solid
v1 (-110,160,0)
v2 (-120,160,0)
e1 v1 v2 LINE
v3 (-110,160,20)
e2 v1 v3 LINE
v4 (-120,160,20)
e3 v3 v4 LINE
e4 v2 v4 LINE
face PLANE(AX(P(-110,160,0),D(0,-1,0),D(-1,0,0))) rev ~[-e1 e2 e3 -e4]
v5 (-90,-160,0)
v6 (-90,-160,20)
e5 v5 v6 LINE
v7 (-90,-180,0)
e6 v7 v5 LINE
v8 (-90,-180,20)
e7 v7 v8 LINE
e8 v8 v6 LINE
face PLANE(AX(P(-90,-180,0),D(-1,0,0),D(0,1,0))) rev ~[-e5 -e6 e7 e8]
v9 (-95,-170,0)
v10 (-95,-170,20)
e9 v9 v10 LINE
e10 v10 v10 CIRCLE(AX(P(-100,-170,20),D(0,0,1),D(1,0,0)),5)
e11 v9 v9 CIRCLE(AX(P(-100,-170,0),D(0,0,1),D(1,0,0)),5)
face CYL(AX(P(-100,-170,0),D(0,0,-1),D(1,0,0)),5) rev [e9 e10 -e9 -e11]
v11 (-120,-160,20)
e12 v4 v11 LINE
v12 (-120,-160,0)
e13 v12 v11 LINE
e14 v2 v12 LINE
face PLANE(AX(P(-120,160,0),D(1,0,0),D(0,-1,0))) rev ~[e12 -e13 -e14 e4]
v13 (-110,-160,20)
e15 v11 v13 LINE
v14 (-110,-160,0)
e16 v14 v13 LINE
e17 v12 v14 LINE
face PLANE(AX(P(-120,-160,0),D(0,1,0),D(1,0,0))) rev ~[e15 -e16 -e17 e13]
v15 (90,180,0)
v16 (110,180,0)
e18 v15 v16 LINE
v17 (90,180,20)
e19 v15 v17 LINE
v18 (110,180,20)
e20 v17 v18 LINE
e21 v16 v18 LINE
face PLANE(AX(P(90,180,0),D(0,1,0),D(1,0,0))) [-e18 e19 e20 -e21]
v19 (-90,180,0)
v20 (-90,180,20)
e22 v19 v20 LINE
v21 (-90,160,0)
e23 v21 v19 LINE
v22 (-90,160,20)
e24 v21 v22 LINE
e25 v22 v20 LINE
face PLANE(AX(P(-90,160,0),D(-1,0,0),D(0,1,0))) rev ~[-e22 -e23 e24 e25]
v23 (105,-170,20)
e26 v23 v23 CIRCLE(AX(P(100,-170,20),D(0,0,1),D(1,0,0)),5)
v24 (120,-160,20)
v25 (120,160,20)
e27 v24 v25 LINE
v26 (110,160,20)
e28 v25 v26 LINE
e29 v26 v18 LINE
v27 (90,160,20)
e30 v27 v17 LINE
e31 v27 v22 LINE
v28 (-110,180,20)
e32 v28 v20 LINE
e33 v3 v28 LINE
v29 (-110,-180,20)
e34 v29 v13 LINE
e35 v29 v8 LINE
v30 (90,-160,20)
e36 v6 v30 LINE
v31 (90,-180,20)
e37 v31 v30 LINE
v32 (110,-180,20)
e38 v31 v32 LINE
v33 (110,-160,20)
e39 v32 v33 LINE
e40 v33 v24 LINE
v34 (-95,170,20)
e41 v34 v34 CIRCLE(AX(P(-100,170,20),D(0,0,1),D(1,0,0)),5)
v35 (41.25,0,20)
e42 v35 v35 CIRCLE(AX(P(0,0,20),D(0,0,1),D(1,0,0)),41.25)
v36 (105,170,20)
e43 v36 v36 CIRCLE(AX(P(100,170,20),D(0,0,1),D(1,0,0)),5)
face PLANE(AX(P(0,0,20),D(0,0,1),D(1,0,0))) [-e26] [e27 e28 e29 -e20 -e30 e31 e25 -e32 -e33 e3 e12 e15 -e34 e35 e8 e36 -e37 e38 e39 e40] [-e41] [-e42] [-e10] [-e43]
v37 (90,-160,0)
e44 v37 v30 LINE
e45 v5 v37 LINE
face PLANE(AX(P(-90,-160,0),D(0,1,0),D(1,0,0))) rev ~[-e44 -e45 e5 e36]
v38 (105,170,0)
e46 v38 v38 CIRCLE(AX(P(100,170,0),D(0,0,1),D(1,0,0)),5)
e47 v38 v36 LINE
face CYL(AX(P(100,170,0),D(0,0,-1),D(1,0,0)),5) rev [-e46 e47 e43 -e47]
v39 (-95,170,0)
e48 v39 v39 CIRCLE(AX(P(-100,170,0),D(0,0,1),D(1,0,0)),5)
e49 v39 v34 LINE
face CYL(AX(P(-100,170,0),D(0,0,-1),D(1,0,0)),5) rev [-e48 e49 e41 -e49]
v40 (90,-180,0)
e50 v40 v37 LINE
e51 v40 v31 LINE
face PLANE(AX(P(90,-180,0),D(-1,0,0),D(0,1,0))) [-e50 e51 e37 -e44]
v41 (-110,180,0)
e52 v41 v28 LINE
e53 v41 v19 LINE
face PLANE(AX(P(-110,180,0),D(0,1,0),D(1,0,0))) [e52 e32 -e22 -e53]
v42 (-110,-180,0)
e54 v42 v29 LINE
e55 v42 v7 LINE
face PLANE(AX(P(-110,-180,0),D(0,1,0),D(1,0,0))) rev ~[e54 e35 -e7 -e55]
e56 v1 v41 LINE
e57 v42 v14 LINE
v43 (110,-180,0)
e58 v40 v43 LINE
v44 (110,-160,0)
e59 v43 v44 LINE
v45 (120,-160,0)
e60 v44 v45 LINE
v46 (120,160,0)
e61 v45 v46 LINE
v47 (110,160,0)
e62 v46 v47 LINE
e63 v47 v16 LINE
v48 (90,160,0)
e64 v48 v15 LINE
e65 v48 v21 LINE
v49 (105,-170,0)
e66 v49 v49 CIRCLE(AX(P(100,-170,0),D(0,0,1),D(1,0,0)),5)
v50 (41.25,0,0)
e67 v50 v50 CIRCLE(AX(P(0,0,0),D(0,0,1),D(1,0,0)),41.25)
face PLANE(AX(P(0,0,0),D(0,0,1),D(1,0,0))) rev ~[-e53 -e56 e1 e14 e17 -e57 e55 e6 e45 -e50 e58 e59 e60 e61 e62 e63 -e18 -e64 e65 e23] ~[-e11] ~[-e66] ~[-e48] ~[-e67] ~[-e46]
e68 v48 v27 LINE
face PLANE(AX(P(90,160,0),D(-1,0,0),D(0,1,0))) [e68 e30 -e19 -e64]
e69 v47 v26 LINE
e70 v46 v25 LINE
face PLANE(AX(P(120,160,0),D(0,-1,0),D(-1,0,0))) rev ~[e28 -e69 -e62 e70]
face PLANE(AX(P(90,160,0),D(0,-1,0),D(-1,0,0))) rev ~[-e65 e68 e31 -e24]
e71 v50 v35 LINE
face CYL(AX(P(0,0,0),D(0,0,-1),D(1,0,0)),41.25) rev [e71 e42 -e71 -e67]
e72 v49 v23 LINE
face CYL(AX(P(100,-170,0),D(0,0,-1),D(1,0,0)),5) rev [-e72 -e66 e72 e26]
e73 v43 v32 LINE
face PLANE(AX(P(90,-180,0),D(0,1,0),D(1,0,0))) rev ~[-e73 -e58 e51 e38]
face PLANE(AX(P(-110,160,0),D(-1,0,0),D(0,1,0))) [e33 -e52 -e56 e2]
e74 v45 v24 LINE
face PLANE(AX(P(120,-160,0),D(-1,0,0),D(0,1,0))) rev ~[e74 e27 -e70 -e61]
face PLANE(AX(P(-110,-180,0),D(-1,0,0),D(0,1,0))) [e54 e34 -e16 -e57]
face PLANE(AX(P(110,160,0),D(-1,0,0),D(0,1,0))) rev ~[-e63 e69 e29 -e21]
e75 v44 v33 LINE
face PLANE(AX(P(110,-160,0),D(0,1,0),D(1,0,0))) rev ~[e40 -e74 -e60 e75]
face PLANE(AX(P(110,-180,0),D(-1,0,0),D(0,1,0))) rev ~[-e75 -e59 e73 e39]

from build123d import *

# Parameters (mm, degrees)
F0_R     = 41.25
F0_W     = 20
F0_H     = 20
F0_R_2   = 5
F1_DEPTH = 20


with BuildPart() as f1:
    # F0 (on Top) → F1 (new body)
    with BuildSketch(Plane.XY):
        Polygon((110, -160), (120, -160), (120, 160), (110, 160), (90, 160), (-90, 160), (-110, 160), (-120, 160), (-120, -160), (-110, -160), (-90, -160), (90, -160), align=None)
        Circle(F0_R, mode=Mode.SUBTRACT)
        with Locations((100, -170)):
            Rectangle(F0_W, F0_H)
        with Locations((100, -170)):
            Circle(F0_R_2, mode=Mode.SUBTRACT)
        with Locations((-100, 170)):
            Rectangle(F0_W, F0_H)
        with Locations((-100, 170)):
            Circle(F0_R_2, mode=Mode.SUBTRACT)
        with Locations((-100, -170)):
            Rectangle(F0_W, F0_H)
        with Locations((-100, -170)):
            Circle(F0_R_2, mode=Mode.SUBTRACT)
        with Locations((100, 170)):
            Rectangle(F0_W, F0_H)
        with Locations((100, 170)):
            Circle(F0_R_2, mode=Mode.SUBTRACT)
    extrude(amount=F1_DEPTH)


solid = f1.part
